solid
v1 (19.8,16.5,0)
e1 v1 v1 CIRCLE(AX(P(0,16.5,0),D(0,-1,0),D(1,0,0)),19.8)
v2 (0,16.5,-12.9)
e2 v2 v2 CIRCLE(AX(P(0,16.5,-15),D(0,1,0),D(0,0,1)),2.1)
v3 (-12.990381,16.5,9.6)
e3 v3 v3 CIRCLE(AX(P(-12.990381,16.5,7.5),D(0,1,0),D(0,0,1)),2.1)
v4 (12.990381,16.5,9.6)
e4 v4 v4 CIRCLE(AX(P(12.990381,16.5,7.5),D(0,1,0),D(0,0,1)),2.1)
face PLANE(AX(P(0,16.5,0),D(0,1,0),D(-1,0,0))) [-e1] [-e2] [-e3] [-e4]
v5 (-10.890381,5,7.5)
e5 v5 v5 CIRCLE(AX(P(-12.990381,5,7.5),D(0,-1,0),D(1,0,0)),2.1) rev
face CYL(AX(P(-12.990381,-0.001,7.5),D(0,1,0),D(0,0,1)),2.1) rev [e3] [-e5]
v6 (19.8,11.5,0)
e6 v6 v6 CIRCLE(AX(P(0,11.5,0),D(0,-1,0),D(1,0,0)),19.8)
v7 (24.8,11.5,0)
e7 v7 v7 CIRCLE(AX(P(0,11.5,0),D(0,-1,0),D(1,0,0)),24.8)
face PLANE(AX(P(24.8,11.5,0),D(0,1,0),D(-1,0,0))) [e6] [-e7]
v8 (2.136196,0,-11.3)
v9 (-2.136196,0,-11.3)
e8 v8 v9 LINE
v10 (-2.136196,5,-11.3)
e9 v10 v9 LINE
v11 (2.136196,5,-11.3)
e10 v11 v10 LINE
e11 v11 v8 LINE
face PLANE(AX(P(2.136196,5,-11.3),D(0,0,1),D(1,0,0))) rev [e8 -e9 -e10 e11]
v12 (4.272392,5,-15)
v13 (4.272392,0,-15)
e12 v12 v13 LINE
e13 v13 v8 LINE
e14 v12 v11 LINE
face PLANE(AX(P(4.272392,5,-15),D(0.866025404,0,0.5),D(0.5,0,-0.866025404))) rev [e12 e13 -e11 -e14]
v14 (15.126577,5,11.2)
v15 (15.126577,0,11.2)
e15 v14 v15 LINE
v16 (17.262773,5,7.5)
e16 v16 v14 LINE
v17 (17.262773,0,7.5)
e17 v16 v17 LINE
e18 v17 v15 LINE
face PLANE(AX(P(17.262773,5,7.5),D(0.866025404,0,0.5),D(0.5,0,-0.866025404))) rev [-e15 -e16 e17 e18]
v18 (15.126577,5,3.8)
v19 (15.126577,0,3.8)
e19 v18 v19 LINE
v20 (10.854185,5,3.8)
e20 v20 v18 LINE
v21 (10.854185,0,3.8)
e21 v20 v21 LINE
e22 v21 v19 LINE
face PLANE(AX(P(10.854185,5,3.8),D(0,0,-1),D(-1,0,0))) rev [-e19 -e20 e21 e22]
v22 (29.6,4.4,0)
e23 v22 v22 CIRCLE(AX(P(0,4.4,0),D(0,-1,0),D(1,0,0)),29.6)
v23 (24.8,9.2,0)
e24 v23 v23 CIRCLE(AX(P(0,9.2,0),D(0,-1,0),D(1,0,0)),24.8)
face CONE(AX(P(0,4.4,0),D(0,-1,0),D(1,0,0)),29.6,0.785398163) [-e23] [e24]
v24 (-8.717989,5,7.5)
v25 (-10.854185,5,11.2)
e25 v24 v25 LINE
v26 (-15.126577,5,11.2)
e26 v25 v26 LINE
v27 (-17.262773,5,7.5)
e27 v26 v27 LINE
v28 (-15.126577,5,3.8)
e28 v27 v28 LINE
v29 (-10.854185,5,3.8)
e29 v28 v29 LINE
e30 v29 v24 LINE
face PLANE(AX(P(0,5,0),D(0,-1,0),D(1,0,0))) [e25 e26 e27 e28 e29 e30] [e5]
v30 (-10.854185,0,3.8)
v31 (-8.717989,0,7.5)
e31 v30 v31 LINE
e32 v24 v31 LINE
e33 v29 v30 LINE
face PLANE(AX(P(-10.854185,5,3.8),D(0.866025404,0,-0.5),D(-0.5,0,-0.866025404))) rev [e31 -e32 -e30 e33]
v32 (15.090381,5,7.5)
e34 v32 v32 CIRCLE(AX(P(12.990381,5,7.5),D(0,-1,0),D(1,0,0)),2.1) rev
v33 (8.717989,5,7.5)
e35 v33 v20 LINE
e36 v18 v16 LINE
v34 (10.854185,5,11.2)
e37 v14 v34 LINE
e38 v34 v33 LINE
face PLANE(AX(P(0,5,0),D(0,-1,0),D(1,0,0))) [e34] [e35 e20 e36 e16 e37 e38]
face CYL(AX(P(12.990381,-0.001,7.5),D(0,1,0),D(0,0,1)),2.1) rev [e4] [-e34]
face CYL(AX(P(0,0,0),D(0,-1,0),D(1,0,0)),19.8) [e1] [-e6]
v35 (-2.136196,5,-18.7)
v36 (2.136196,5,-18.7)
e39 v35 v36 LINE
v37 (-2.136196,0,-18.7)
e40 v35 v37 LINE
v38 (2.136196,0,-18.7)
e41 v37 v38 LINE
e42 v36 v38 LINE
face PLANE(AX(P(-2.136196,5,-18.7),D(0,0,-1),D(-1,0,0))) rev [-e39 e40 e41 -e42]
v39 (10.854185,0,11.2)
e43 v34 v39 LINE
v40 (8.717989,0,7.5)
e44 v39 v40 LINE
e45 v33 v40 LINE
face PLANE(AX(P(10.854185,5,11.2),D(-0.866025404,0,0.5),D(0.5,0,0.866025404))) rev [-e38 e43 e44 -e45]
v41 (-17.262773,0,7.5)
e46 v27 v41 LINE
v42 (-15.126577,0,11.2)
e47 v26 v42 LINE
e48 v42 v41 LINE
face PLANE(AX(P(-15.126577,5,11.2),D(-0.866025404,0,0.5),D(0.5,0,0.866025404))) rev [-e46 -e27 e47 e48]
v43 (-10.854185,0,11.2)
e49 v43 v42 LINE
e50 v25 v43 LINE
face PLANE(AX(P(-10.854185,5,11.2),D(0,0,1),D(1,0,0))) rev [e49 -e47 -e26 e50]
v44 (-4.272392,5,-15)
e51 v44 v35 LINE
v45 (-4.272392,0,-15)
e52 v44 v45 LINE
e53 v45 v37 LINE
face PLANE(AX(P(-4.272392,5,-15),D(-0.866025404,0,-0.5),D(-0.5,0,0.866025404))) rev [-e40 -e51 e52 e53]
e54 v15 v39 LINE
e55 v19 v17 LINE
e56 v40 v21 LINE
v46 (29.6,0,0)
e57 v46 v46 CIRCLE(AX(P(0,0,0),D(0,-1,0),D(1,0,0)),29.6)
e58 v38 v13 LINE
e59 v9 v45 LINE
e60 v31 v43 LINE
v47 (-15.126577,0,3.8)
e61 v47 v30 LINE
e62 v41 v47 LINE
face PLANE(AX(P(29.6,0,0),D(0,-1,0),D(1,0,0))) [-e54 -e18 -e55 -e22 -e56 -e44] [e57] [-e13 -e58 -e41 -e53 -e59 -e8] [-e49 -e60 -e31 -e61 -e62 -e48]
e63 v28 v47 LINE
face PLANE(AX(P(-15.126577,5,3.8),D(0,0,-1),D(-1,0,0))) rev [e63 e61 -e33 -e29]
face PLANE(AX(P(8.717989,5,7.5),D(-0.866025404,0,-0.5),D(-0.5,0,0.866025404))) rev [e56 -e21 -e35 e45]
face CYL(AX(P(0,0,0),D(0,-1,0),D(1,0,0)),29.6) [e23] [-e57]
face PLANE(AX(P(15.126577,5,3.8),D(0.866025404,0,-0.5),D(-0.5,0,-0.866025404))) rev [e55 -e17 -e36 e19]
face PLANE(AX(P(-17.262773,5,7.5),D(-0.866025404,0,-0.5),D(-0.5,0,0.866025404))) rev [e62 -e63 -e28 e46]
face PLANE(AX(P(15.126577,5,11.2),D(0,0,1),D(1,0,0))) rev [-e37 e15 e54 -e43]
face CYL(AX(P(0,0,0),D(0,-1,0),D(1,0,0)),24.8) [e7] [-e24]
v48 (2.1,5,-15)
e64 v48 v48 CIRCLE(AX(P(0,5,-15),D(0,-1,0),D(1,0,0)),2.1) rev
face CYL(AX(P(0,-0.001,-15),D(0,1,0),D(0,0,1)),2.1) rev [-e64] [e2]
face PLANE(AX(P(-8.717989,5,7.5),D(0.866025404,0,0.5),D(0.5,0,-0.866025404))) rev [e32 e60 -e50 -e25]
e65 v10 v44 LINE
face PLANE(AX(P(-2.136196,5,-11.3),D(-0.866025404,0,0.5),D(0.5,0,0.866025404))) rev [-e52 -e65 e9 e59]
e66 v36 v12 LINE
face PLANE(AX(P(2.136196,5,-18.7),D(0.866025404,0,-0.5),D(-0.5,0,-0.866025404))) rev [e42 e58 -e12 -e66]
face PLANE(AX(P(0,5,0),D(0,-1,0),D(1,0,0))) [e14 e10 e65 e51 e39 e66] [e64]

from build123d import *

# Parameters (mm, degrees)
CUT_EXTRUDE1_REACH = 46.995
SKETCH2_R          = 2.1
CUT_EXTRUDE2_DEPTH = 5


with BuildPart() as part:
    # Sketch1 → Revolve1 (revolve)
    with BuildSketch(Plane.XY):
        Polygon((0, 16.5), (19.8, 16.5), (19.8, 11.5), (24.8, 11.5), (24.8, 9.2), (29.6, 4.4), (29.6, 0), (0, 0), align=None)
    revolve(axis=Axis((0, 0, 0), (0, 1, 0)))

    # Sketch2 → Cut-Extrude1 (cut, up to next)
    with BuildSketch(Plane(origin=(0, 16.5, 0), x_dir=(1, 0, 0), z_dir=(0, 1, 0)), mode=Mode.PRIVATE) as cut_extrude1_sk1:
        with Locations(Location((0, 15, 0), (0, 0, 270))):
            Circle(SKETCH2_R)
    cut_extrude1_tool1 = extrude(cut_extrude1_sk1.sketch, amount=-CUT_EXTRUDE1_REACH, mode=Mode.PRIVATE) & part.part
    # Sketch2 → Cut-Extrude1 (cut, up to next)
    with BuildSketch(Plane(origin=(0, 16.5, 0), x_dir=(1, 0, 0), z_dir=(0, 1, 0)), mode=Mode.PRIVATE) as cut_extrude1_sk2:
        with Locations(Location((-12.990381057, -7.5, 0), (0, 0, 270))):
            Circle(SKETCH2_R)
    cut_extrude1_tool2 = extrude(cut_extrude1_sk2.sketch, amount=-CUT_EXTRUDE1_REACH, mode=Mode.PRIVATE) & part.part
    # Sketch2 → Cut-Extrude1 (cut, up to next)
    with BuildSketch(Plane(origin=(0, 16.5, 0), x_dir=(1, 0, 0), z_dir=(0, 1, 0)), mode=Mode.PRIVATE) as cut_extrude1_sk3:
        with Locations(Location((12.990381057, -7.5, 0), (0, 0, 270))):
            Circle(SKETCH2_R)
    cut_extrude1_tool3 = extrude(cut_extrude1_sk3.sketch, amount=-CUT_EXTRUDE1_REACH, mode=Mode.PRIVATE) & part.part
    add(cut_extrude1_tool1.solids().sort_by_distance((0, 16.5, -15))[0], mode=Mode.SUBTRACT)
    add(cut_extrude1_tool2.solids().sort_by_distance((-12.990381, 16.5, 7.5))[0], mode=Mode.SUBTRACT)
    add(cut_extrude1_tool3.solids().sort_by_distance((12.990381, 16.5, 7.5))[0], mode=Mode.SUBTRACT)

    # Sketch3 → Cut-Extrude2 (cut)
    with BuildSketch(Plane.XZ):
        Polygon((-10.854185061, 11.2), (-15.126577053, 11.2), (-17.262773049, 7.5), (-15.126577053, 3.8), (-10.854185061, 3.8), (-8.717989065, 7.5), align=None)
        Polygon((15.126577053, 11.2), (10.854185061, 11.2), (8.717989065, 7.5), (10.854185061, 3.8), (15.126577053, 3.8), (17.262773049, 7.5), align=None)
        Polygon((2.136195996, -11.3), (-2.136195996, -11.3), (-4.272391992, -15), (-2.136195996, -18.7), (2.136195996, -18.7), (4.272391992, -15), align=None)
    extrude(amount=-CUT_EXTRUDE2_DEPTH, mode=Mode.SUBTRACT)


solid = part.part
